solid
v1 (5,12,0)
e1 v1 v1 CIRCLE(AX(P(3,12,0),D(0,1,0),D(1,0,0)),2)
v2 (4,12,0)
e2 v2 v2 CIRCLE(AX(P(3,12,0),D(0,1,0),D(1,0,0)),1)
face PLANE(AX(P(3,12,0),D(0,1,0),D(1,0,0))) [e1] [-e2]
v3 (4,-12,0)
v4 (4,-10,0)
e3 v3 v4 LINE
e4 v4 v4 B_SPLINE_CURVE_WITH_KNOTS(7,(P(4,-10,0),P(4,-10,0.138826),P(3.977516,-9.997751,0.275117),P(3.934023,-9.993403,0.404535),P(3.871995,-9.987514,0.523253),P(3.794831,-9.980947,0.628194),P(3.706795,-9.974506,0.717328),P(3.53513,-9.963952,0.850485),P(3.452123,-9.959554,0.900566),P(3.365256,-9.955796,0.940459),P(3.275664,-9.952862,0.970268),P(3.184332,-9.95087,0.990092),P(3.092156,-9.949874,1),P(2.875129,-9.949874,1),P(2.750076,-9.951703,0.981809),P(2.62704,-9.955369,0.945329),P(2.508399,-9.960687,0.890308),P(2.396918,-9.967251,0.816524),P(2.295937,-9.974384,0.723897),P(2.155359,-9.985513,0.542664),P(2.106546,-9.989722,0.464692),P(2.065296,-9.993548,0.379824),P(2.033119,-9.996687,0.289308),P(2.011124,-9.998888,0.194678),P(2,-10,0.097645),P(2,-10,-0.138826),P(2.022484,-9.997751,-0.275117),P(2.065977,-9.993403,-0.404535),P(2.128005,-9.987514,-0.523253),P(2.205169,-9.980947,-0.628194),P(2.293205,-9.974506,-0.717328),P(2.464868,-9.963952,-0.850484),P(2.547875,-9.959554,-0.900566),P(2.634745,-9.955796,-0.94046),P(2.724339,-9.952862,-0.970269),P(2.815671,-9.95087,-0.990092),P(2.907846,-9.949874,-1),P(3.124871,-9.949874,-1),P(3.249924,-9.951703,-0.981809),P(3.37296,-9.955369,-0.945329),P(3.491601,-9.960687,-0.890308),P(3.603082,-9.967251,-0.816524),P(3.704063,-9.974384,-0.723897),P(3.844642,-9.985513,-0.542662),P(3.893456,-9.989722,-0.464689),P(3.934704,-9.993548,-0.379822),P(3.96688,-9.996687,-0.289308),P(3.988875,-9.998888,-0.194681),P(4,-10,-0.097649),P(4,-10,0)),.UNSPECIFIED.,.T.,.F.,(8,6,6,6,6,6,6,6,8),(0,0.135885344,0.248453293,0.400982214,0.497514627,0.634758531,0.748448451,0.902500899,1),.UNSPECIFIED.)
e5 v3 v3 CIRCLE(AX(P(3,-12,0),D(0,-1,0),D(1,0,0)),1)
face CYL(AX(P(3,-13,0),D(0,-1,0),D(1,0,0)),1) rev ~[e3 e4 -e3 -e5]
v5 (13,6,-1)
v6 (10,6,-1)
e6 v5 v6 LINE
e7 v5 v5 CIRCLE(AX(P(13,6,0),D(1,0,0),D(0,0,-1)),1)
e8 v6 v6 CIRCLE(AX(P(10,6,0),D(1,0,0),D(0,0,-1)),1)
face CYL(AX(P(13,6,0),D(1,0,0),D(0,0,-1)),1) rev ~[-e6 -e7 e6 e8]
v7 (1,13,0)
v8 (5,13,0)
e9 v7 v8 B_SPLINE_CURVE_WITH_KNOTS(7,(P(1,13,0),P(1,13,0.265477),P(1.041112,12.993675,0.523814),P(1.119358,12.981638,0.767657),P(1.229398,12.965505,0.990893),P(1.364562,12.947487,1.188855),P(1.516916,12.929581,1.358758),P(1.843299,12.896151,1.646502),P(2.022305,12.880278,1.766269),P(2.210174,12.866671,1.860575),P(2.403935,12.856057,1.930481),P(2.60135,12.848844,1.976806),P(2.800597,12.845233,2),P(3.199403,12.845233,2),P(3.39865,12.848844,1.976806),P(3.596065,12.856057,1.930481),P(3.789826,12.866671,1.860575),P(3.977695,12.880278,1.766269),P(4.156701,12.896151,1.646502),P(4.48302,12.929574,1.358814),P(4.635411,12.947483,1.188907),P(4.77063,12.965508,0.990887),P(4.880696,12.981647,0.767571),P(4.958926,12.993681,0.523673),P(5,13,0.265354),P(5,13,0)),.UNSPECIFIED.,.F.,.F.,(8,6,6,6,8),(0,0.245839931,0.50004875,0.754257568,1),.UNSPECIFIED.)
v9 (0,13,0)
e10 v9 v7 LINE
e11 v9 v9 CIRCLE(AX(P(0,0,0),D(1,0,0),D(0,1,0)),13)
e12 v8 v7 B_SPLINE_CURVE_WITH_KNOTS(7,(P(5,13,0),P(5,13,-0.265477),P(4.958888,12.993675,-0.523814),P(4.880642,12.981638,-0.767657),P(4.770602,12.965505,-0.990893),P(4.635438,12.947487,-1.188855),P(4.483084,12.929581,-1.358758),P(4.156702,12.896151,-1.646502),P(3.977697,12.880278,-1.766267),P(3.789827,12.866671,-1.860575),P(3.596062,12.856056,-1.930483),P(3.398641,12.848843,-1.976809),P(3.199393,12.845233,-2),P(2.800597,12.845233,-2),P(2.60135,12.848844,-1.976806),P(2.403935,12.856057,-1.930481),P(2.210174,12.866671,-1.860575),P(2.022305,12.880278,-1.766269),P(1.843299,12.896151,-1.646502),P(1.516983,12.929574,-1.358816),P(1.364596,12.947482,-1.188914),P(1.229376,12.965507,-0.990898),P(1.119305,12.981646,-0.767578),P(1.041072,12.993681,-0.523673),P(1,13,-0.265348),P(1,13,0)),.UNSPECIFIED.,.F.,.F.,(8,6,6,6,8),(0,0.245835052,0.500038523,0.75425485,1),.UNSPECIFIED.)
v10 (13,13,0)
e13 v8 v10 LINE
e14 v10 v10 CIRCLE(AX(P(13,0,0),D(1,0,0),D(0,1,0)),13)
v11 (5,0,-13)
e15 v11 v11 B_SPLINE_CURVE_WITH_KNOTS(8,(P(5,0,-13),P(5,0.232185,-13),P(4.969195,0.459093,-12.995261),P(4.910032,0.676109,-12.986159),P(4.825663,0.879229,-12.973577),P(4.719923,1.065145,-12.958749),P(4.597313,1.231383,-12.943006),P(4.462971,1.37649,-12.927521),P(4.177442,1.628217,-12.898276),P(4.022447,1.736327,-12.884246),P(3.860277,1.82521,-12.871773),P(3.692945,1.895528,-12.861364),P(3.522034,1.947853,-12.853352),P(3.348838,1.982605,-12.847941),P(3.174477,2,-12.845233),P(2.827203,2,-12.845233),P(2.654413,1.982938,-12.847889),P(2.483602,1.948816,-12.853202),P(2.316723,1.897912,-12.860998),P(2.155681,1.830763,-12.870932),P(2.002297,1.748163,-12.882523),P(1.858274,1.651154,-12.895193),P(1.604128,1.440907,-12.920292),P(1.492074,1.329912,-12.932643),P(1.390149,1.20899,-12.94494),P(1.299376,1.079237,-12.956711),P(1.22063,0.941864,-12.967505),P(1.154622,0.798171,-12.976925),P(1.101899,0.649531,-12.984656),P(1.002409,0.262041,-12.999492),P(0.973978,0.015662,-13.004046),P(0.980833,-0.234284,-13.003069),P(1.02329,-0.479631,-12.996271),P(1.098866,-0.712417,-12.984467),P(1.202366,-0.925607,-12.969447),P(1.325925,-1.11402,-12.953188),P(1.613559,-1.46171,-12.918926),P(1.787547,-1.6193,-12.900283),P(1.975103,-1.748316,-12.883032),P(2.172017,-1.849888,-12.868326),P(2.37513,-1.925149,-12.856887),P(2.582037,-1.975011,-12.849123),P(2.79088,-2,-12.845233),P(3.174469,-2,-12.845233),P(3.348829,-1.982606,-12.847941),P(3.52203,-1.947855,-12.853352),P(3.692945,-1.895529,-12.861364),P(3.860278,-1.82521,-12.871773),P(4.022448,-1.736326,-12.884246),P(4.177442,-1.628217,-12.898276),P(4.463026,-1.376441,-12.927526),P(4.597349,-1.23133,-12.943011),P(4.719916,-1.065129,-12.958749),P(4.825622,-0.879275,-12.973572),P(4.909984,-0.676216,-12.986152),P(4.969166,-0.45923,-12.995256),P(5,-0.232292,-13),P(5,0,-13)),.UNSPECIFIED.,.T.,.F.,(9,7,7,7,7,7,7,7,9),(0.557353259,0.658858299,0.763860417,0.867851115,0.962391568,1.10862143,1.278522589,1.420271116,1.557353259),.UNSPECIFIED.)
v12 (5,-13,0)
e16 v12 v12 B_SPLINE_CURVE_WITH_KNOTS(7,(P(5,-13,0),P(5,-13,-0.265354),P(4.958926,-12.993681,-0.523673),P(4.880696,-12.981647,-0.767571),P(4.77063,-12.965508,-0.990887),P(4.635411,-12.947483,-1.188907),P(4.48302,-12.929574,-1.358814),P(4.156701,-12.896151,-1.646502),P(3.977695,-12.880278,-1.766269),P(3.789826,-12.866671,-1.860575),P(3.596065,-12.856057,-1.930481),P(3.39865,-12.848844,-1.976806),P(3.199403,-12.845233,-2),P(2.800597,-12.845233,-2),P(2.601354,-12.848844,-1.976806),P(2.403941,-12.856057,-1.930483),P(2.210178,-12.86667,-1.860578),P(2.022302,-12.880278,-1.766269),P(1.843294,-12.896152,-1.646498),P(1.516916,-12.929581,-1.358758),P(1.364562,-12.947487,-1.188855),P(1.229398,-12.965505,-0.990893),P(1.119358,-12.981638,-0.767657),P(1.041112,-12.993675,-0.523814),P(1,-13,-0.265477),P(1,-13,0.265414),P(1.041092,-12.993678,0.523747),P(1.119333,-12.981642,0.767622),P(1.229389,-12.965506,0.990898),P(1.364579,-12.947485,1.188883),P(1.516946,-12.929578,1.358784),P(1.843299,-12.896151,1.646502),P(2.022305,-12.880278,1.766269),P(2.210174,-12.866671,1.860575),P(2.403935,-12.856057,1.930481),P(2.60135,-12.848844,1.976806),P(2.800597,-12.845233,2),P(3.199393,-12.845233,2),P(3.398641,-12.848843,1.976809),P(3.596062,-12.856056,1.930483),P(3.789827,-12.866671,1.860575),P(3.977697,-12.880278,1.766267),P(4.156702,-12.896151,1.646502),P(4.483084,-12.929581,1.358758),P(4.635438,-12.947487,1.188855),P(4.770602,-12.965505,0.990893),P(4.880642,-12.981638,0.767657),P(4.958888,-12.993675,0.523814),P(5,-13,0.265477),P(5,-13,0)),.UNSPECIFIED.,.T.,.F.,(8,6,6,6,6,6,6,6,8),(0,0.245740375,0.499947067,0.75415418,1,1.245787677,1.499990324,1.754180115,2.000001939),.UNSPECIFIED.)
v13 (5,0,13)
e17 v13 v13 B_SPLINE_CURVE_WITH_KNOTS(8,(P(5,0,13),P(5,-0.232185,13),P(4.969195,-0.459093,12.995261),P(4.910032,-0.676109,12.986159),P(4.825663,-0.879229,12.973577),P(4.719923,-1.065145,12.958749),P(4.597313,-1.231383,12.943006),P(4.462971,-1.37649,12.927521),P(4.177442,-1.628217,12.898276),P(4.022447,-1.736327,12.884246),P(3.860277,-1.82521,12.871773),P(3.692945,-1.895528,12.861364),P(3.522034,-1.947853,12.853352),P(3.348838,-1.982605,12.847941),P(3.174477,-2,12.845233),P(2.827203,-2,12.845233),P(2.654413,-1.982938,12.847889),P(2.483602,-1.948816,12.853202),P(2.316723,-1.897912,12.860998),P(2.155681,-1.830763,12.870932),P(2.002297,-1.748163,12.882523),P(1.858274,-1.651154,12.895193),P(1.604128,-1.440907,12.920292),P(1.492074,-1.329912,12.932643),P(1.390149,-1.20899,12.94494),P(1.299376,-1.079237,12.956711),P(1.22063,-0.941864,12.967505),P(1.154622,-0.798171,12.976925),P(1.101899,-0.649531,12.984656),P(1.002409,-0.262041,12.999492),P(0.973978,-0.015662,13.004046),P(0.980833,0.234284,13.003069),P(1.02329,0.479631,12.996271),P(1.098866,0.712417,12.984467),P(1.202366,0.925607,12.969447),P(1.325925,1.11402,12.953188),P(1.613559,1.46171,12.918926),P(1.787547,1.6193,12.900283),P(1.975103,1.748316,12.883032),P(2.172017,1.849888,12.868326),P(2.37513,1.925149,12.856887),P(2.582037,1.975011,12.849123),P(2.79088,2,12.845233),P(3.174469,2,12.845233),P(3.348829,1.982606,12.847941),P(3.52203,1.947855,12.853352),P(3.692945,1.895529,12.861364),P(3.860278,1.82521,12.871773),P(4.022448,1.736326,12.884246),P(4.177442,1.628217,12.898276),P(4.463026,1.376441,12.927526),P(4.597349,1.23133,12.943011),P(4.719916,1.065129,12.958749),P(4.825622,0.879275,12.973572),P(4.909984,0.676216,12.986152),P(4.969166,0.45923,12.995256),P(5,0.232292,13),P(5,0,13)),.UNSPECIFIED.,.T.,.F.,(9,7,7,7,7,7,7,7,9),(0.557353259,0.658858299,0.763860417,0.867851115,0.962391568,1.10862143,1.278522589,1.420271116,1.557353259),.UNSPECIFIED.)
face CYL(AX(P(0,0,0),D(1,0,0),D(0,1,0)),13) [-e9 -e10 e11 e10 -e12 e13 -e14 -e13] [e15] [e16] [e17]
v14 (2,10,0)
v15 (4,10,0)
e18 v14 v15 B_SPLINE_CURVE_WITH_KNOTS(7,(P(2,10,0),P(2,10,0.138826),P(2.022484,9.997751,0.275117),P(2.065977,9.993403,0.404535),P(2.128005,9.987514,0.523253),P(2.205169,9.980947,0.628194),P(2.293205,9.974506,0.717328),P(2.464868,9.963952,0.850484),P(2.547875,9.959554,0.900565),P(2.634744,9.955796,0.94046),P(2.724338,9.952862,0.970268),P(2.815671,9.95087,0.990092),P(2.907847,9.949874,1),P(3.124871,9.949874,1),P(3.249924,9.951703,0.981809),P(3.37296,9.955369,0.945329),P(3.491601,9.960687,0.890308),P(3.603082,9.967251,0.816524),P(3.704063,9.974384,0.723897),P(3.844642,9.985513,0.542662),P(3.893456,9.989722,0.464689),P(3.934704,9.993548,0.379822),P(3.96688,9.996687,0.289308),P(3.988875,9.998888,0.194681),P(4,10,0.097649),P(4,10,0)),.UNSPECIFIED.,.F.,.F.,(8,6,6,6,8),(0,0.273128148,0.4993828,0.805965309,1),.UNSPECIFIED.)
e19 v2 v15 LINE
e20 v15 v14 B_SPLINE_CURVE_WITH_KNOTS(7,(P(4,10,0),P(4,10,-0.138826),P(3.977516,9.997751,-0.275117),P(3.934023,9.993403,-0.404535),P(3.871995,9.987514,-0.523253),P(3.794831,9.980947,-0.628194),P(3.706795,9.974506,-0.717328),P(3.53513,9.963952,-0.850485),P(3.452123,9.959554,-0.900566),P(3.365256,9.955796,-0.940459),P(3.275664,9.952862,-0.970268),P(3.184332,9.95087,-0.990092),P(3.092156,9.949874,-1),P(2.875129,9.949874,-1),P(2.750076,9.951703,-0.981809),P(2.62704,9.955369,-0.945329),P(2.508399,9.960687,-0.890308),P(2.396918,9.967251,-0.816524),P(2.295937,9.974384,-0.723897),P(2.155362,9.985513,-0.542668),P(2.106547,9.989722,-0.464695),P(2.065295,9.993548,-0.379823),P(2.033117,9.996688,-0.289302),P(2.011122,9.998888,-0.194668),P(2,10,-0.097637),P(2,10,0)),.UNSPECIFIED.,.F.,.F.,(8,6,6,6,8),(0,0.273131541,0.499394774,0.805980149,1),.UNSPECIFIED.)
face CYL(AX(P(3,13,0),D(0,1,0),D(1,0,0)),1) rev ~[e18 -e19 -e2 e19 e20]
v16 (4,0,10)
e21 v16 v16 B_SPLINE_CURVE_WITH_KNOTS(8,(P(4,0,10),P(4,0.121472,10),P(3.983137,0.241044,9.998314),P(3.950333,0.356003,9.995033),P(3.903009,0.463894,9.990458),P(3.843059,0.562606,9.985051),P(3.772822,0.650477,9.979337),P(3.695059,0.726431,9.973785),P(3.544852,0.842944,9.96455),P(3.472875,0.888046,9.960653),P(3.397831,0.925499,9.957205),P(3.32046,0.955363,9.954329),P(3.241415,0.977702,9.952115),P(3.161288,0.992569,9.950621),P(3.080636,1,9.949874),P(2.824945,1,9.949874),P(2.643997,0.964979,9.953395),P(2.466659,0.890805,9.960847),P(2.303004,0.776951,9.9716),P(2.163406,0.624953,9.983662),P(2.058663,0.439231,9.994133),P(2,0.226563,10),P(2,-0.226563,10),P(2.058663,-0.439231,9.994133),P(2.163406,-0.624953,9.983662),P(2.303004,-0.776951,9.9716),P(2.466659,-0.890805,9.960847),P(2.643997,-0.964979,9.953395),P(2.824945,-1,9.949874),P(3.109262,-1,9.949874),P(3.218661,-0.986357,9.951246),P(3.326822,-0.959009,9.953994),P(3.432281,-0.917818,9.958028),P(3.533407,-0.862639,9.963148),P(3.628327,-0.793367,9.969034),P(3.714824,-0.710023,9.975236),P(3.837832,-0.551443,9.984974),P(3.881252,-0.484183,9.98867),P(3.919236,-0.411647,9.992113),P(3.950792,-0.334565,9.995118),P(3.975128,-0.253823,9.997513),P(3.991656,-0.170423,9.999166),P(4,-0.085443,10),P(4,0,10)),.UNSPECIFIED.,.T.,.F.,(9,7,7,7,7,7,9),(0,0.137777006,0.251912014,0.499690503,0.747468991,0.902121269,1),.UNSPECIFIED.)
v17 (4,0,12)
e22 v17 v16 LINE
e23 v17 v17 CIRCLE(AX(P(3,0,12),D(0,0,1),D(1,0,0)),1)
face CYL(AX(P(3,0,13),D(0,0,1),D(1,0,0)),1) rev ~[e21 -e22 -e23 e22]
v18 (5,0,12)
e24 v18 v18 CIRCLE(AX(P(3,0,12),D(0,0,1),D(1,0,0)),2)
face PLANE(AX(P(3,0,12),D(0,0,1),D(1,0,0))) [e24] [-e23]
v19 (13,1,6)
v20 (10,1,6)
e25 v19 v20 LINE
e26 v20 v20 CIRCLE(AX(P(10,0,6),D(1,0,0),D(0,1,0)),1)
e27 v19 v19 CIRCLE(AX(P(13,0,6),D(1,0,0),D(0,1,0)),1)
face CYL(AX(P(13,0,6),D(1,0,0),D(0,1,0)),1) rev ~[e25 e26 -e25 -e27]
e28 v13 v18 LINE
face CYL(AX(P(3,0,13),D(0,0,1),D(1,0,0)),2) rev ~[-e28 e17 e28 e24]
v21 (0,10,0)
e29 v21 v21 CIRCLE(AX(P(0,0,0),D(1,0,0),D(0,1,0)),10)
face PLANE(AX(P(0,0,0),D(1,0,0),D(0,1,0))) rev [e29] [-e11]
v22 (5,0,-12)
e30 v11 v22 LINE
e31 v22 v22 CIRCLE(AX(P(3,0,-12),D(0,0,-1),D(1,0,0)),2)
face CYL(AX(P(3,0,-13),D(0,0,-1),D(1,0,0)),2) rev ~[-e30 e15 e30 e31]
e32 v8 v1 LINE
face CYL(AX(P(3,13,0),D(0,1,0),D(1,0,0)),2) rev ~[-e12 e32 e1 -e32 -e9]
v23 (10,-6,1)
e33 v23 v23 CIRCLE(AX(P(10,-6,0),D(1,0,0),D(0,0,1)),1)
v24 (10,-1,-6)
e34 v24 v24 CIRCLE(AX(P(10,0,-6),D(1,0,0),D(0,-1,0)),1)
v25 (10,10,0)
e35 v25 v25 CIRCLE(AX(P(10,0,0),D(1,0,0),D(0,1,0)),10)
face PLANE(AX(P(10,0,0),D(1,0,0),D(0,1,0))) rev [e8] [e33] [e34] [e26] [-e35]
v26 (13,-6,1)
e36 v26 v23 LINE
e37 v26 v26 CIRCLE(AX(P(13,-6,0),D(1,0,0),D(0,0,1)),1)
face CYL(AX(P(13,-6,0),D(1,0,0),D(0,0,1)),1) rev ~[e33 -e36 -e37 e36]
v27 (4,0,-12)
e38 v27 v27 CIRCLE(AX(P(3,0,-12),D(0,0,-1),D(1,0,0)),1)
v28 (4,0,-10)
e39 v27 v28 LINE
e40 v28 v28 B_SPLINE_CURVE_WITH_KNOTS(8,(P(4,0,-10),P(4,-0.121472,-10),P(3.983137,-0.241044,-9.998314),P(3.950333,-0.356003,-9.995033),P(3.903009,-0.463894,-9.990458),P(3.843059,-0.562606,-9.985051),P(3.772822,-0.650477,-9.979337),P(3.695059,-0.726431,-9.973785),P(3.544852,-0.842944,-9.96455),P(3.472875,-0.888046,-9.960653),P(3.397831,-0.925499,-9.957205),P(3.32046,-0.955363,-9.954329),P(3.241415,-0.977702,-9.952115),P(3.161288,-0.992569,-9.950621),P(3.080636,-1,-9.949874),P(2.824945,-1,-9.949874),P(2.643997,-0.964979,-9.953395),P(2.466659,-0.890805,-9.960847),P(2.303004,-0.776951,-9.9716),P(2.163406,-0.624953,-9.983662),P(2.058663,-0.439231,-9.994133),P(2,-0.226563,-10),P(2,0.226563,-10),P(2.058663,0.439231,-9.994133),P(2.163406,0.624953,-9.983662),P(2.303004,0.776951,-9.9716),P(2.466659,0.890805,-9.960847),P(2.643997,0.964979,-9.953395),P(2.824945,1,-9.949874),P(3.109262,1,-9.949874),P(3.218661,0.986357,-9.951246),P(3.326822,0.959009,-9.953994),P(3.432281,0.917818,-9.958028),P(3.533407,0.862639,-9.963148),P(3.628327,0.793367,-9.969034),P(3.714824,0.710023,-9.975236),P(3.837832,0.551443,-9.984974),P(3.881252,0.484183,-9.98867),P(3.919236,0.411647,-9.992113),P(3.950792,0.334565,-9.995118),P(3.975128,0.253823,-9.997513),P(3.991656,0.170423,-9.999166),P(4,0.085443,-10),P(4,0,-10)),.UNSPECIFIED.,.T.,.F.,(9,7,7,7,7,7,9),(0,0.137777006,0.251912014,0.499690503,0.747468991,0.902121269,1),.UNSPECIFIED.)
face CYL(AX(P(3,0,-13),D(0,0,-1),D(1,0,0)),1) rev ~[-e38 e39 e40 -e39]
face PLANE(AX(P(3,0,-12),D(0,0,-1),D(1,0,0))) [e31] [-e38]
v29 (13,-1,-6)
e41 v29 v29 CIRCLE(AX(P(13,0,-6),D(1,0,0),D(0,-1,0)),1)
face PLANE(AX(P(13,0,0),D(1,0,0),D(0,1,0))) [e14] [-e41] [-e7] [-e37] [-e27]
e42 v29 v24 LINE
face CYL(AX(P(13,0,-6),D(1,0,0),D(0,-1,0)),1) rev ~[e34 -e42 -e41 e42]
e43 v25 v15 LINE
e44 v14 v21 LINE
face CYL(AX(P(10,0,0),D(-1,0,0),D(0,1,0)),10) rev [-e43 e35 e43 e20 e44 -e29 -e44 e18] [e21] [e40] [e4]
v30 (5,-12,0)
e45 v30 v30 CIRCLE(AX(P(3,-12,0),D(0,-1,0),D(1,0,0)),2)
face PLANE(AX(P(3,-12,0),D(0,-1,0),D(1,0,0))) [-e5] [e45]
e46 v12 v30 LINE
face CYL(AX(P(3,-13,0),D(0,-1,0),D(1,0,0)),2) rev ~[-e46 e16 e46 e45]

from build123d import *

# Parameters (mm, degrees)
CUT_EXTRUDE_1_REACH      = 24.517
SKETCH_2_R               = 1
PATTERN_CIRCULAR_1_COUNT = 4
SKETCH_5_R               = 1
CUT_EXTRUDE_2_DEPTH      = 10
PATTERN_CIRCULAR_3_COUNT = 4
SKETCH_7_R               = 2
CUT_EXTRUDE_3_DEPTH      = 1
PATTERN_CIRCULAR_4_COUNT = 4


with BuildPart() as part:
    # Эскиз1 → Повернуть1 (revolve)
    with BuildSketch(Plane.XY):
        Polygon((0, 13), (13, 13), (13, 0), (10, 0), (10, 10), (0, 10), align=None)
    revolve(axis=Axis((0, 0, 0), (1, 0, 0)))

    # Эскиз2 → Вырез-Вытянуть1 (cut, up to next)
    with BuildSketch(Plane(origin=(13, 0, 0), x_dir=(0, 0, -1), z_dir=(1, 0, 0)), mode=Mode.PRIVATE) as cut_extrude_1_sk1:
        with Locations((0, 6)):
            Circle(SKETCH_2_R)
    cut_extrude_1_tool1 = extrude(cut_extrude_1_sk1.sketch, amount=-CUT_EXTRUDE_1_REACH, mode=Mode.PRIVATE) & part.part
    cut_extrude_1 = cut_extrude_1_tool1.solids().sort_by_distance((13, 6, 0))[0]
    add(cut_extrude_1, mode=Mode.SUBTRACT)

    # Круговой массив1: Вырез-Вытянуть1 ×4 about axis
    pattern_circular_1_axis = Axis((10, 0, 0), (-1, 0, 0))
    for i in range(1, PATTERN_CIRCULAR_1_COUNT):
        add(cut_extrude_1.rotate(pattern_circular_1_axis, i * 360 / PATTERN_CIRCULAR_1_COUNT), mode=Mode.SUBTRACT)

    # Эскиз5 → Вырез-Вытянуть2 (cut)
    with BuildSketch(Plane.XY.offset(13)):
        with Locations((3, 0)):
            Circle(SKETCH_5_R)
    cut_extrude_2 = extrude(amount=-CUT_EXTRUDE_2_DEPTH, mode=Mode.SUBTRACT)

    # Круговой массив3: Вырез-Вытянуть2 ×4 about axis
    pattern_circular_3_axis = Axis((10, 0, 0), (-1, 0, 0))
    for i in range(1, PATTERN_CIRCULAR_3_COUNT):
        add(cut_extrude_2.rotate(pattern_circular_3_axis, i * 360 / PATTERN_CIRCULAR_3_COUNT), mode=Mode.SUBTRACT)

    # Эскиз7 → Вырез-Вытянуть3 (cut)
    with BuildSketch(Plane.XY.offset(13)):
        with Locations((3, 0)):
            Circle(SKETCH_7_R)
    cut_extrude_3 = extrude(amount=-CUT_EXTRUDE_3_DEPTH, mode=Mode.SUBTRACT)

    # Круговой массив4: Вырез-Вытянуть3 ×4 about axis
    pattern_circular_4_axis = Axis((10, 0, 0), (-1, 0, 0))
    for i in range(1, PATTERN_CIRCULAR_4_COUNT):
        add(cut_extrude_3.rotate(pattern_circular_4_axis, i * 360 / PATTERN_CIRCULAR_4_COUNT), mode=Mode.SUBTRACT)


solid = part.part
